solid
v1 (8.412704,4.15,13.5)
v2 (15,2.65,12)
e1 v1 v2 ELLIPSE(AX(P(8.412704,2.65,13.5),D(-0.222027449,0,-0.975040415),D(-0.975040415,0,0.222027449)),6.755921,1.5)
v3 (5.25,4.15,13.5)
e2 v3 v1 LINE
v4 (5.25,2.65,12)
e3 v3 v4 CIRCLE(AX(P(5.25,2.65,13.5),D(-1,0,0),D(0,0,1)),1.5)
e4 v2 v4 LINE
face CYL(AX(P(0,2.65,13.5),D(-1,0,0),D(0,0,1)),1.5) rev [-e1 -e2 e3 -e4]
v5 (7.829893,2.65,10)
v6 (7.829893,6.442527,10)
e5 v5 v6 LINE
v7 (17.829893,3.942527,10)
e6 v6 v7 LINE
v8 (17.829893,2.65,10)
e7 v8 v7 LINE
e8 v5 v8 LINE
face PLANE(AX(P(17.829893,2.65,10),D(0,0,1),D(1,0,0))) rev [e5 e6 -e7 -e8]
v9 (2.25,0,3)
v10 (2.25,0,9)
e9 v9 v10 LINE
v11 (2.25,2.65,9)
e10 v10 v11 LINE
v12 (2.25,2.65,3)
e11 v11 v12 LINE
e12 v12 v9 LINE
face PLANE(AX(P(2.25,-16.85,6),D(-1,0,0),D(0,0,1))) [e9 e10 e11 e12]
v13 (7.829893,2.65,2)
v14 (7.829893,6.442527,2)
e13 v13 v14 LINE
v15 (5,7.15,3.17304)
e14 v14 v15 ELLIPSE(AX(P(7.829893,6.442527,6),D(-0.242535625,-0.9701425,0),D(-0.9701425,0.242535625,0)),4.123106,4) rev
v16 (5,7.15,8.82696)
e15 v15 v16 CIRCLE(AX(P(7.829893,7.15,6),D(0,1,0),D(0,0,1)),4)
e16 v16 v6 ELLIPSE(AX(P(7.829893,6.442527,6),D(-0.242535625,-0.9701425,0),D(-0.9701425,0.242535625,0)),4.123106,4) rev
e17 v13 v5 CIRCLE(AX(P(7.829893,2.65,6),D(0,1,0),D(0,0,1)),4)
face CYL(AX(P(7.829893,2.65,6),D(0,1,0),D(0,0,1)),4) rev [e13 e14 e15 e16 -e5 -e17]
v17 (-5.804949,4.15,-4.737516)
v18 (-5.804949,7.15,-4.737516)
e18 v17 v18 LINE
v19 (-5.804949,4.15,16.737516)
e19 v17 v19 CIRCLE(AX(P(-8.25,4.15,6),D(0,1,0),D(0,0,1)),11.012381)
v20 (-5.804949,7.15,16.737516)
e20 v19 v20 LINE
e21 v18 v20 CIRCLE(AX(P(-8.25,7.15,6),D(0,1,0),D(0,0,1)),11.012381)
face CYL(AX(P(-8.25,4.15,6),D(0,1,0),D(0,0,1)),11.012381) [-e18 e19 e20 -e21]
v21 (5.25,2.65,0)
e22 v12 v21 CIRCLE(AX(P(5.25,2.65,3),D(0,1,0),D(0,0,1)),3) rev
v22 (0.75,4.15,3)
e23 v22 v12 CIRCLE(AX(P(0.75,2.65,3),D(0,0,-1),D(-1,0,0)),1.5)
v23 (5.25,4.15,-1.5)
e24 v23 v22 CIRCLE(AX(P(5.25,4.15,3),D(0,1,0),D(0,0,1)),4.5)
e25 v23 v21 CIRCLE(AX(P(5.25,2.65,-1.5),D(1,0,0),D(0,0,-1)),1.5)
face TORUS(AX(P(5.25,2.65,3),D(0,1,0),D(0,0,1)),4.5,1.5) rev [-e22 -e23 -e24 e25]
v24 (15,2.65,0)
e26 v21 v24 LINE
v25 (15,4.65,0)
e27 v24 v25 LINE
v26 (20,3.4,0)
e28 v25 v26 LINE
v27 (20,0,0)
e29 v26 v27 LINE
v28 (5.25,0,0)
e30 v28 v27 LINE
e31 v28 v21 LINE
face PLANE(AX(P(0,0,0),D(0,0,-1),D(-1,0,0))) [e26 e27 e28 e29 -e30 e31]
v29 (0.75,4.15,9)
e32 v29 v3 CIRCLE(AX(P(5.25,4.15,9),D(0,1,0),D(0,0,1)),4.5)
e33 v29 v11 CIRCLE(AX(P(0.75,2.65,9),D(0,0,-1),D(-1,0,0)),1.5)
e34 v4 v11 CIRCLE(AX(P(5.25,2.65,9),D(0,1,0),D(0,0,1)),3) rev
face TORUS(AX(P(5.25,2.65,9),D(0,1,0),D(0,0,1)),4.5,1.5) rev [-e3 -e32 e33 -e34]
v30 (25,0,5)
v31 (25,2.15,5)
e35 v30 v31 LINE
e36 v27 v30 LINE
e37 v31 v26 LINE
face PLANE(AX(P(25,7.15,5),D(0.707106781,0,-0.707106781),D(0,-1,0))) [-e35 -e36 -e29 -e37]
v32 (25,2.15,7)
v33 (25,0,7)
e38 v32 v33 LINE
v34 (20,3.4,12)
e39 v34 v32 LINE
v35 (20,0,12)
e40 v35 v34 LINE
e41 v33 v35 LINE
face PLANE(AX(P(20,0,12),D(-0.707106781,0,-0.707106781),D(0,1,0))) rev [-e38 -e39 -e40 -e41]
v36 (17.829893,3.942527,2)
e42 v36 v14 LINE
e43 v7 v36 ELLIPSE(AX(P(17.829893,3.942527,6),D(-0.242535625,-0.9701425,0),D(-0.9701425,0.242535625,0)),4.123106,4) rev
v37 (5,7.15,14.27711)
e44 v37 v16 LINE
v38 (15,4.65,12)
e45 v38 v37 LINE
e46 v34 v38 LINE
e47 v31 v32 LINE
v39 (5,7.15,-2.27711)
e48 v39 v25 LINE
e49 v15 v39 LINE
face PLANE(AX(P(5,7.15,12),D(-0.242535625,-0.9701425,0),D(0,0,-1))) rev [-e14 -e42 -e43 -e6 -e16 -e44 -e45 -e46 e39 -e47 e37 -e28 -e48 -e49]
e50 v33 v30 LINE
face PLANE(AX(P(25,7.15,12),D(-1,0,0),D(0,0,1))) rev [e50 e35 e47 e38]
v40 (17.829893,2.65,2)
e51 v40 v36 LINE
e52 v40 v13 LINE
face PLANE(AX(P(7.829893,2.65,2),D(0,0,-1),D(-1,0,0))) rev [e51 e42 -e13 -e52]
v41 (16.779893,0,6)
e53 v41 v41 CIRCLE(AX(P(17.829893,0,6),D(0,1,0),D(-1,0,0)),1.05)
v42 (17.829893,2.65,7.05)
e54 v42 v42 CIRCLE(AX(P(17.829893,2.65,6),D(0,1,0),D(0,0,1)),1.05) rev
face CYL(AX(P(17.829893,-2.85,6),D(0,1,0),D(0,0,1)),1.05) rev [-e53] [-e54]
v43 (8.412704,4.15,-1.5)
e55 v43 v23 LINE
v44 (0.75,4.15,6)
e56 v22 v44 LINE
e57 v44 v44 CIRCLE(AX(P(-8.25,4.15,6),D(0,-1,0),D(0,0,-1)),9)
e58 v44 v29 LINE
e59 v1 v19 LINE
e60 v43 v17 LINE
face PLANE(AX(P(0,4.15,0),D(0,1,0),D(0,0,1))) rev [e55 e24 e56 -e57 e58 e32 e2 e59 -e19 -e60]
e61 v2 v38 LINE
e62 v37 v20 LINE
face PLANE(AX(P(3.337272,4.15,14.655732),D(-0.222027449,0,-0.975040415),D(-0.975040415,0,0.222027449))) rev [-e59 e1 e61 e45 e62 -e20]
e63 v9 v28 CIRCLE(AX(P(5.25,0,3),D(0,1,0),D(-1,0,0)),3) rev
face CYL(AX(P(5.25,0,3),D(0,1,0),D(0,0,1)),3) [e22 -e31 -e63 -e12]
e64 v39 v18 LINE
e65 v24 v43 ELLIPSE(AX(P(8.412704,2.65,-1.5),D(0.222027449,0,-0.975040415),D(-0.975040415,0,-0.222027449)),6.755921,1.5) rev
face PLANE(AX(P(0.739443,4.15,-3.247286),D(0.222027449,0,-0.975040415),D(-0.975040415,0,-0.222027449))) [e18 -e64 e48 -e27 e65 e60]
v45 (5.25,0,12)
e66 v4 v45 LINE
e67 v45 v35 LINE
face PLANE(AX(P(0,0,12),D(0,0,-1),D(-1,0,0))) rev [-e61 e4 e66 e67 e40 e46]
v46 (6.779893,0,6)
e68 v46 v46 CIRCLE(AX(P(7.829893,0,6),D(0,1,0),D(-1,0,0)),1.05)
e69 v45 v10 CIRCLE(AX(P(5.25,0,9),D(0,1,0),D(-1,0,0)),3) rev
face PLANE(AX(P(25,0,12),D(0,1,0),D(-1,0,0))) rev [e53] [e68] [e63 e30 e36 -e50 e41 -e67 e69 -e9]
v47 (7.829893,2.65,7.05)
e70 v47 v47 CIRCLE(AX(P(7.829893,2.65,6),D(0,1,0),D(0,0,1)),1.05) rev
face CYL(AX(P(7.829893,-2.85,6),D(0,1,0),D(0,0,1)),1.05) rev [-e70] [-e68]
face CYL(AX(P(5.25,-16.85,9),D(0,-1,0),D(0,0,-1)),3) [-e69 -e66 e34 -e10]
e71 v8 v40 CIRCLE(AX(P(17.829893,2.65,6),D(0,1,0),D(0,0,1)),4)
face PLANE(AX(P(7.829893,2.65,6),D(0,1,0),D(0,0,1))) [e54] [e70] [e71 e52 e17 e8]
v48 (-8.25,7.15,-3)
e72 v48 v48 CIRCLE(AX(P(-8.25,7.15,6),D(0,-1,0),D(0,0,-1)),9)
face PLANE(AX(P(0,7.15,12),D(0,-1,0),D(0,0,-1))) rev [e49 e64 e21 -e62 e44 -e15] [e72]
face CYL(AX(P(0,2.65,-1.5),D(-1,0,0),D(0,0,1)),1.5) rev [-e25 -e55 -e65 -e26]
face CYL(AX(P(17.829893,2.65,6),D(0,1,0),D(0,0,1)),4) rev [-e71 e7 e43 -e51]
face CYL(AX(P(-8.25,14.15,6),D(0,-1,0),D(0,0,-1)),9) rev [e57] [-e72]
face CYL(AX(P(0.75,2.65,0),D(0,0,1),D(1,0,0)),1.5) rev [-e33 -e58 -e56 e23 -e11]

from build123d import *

# Parameters (mm, degrees)
SKETCH1_W           = 25
SKETCH1_H           = 7.15
BOSS_EXTRUDE1_DEPTH = 12
BOSS_EXTRUDE2_DEPTH = 3
CUT_EXTRUDE1_DEPTH  = 21
SKETCH4_R           = 9
CUT_EXTRUDE2_DEPTH  = 10
CHAMFER1_SIZE       = 5
CHAMFER1_SIZE2      = 20
CHAMFER2_SIZE       = 5
SKETCH6_R           = 1.05
CUT_EXTRUDE3_DEPTH  = 10
CUT_EXTRUDE4_DEPTH  = 4.5
FILLET1_R           = 3
FILLET2_R           = 1.5


with BuildPart() as part:
    # Sketch1 → Boss-Extrude1 (new body)
    with BuildSketch(Plane.XY):
        with Locations((12.5, 3.575)):
            Rectangle(SKETCH1_W, SKETCH1_H)
    extrude(amount=BOSS_EXTRUDE1_DEPTH)

    # Sketch2 → Boss-Extrude2 (add)
    with BuildSketch(Plane(origin=(0, 7.15, 0), x_dir=(1, 0, 0), z_dir=(0, 1, 0))):
        with BuildLine():
            Line((15, -12), (15, -6))
            Line((15, -6), (15, 0))
            Line((15, 0), (-5.804949202, 4.737516245))
            ThreePointArc((-5.804949202, 4.737516245), (-19.262380692, -6), (-5.804949202, -16.737516245))
            Line((-5.804949202, -16.737516245), (15, -12))
        make_face()
    extrude(amount=-BOSS_EXTRUDE2_DEPTH)

    # Sketch3 → Cut-Extrude1 (cut)
    with BuildSketch(Plane.XZ.offset(-4.15)):
        Polygon((2.25, 6), (2.25, 12), (0, 12), (0, 0), (2.25, 0), align=None)
    extrude(amount=CUT_EXTRUDE1_DEPTH, mode=Mode.SUBTRACT)

    # Sketch4 → Cut-Extrude2 (cut)
    with BuildSketch(Plane.XZ.offset(-4.15)):
        with Locations(Location((-8.25, 6, 0), (0, 0, 270))):
            Circle(SKETCH4_R)
    extrude(amount=-CUT_EXTRUDE2_DEPTH, mode=Mode.SUBTRACT)

    # Chamfer1
    chamfer1_edges = [part.edges().sort_by_distance(p)[0] for p in [
        (25, 7.15, 6),
    ]]
    chamfer1_side = [part.faces().sort_by_distance(p)[0] for p in [
        (25, 3.575, 6),
    ]]
    chamfer(chamfer1_edges, length=CHAMFER1_SIZE, length2=CHAMFER1_SIZE2, reference=chamfer1_side[0])

    # Chamfer2
    chamfer2_edges = [part.edges().sort_by_distance(p)[0] for p in [
        (25, 1.075, 0),
        (25, 1.075, 12),
    ]]
    chamfer(chamfer2_edges, length=CHAMFER2_SIZE)

    # Sketch6 → Cut-Extrude3 (cut)
    with BuildSketch(Plane(origin=(0, 7.15, 0), x_dir=(1, 0, 0), z_dir=(0, 1, 0))):
        with Locations(Location((7.829893366, -6, 0), (0, 0, 180))):
            Circle(SKETCH6_R)
        with Locations(Location((17.829893366, -6, 0), (0, 0, 180))):
            Circle(SKETCH6_R)
    extrude(amount=-CUT_EXTRUDE3_DEPTH, mode=Mode.SUBTRACT)

    # Sketch7 → Cut-Extrude4 (cut)
    with BuildSketch(Plane(origin=(0, 7.15, 0), x_dir=(1, 0, 0), z_dir=(0, 1, 0))):
        with BuildLine():
            Line((7.829893366, -2), (17.829893366, -2))
            ThreePointArc((17.829893366, -2), (21.829893366, -6), (17.829893366, -10))
            Line((17.829893366, -10), (7.829893366, -10))
            ThreePointArc((7.829893366, -10), (3.829893366, -6), (7.829893366, -2))
        make_face()
    extrude(amount=-CUT_EXTRUDE4_DEPTH, mode=Mode.SUBTRACT)

    # Fillet1
    fillet1_edges = [part.edges().sort_by_distance(p)[0] for p in [
        (2.25, 2.075, 0),
        (2.25, 2.075, 12),
    ]]
    fillet(fillet1_edges, radius=FILLET1_R)

    # Fillet2
    fillet2_edges = [part.edges().sort_by_distance(p)[0] for p in [
        (10.125, 4.15, 0),
        (3.128679656, 4.15, 0.878679656),
        (2.25, 4.15, 6),
        (3.128679656, 4.15, 11.121320344),
        (10.125, 4.15, 12),
    ]]
    fillet(fillet2_edges, radius=FILLET2_R)


solid = part.part
